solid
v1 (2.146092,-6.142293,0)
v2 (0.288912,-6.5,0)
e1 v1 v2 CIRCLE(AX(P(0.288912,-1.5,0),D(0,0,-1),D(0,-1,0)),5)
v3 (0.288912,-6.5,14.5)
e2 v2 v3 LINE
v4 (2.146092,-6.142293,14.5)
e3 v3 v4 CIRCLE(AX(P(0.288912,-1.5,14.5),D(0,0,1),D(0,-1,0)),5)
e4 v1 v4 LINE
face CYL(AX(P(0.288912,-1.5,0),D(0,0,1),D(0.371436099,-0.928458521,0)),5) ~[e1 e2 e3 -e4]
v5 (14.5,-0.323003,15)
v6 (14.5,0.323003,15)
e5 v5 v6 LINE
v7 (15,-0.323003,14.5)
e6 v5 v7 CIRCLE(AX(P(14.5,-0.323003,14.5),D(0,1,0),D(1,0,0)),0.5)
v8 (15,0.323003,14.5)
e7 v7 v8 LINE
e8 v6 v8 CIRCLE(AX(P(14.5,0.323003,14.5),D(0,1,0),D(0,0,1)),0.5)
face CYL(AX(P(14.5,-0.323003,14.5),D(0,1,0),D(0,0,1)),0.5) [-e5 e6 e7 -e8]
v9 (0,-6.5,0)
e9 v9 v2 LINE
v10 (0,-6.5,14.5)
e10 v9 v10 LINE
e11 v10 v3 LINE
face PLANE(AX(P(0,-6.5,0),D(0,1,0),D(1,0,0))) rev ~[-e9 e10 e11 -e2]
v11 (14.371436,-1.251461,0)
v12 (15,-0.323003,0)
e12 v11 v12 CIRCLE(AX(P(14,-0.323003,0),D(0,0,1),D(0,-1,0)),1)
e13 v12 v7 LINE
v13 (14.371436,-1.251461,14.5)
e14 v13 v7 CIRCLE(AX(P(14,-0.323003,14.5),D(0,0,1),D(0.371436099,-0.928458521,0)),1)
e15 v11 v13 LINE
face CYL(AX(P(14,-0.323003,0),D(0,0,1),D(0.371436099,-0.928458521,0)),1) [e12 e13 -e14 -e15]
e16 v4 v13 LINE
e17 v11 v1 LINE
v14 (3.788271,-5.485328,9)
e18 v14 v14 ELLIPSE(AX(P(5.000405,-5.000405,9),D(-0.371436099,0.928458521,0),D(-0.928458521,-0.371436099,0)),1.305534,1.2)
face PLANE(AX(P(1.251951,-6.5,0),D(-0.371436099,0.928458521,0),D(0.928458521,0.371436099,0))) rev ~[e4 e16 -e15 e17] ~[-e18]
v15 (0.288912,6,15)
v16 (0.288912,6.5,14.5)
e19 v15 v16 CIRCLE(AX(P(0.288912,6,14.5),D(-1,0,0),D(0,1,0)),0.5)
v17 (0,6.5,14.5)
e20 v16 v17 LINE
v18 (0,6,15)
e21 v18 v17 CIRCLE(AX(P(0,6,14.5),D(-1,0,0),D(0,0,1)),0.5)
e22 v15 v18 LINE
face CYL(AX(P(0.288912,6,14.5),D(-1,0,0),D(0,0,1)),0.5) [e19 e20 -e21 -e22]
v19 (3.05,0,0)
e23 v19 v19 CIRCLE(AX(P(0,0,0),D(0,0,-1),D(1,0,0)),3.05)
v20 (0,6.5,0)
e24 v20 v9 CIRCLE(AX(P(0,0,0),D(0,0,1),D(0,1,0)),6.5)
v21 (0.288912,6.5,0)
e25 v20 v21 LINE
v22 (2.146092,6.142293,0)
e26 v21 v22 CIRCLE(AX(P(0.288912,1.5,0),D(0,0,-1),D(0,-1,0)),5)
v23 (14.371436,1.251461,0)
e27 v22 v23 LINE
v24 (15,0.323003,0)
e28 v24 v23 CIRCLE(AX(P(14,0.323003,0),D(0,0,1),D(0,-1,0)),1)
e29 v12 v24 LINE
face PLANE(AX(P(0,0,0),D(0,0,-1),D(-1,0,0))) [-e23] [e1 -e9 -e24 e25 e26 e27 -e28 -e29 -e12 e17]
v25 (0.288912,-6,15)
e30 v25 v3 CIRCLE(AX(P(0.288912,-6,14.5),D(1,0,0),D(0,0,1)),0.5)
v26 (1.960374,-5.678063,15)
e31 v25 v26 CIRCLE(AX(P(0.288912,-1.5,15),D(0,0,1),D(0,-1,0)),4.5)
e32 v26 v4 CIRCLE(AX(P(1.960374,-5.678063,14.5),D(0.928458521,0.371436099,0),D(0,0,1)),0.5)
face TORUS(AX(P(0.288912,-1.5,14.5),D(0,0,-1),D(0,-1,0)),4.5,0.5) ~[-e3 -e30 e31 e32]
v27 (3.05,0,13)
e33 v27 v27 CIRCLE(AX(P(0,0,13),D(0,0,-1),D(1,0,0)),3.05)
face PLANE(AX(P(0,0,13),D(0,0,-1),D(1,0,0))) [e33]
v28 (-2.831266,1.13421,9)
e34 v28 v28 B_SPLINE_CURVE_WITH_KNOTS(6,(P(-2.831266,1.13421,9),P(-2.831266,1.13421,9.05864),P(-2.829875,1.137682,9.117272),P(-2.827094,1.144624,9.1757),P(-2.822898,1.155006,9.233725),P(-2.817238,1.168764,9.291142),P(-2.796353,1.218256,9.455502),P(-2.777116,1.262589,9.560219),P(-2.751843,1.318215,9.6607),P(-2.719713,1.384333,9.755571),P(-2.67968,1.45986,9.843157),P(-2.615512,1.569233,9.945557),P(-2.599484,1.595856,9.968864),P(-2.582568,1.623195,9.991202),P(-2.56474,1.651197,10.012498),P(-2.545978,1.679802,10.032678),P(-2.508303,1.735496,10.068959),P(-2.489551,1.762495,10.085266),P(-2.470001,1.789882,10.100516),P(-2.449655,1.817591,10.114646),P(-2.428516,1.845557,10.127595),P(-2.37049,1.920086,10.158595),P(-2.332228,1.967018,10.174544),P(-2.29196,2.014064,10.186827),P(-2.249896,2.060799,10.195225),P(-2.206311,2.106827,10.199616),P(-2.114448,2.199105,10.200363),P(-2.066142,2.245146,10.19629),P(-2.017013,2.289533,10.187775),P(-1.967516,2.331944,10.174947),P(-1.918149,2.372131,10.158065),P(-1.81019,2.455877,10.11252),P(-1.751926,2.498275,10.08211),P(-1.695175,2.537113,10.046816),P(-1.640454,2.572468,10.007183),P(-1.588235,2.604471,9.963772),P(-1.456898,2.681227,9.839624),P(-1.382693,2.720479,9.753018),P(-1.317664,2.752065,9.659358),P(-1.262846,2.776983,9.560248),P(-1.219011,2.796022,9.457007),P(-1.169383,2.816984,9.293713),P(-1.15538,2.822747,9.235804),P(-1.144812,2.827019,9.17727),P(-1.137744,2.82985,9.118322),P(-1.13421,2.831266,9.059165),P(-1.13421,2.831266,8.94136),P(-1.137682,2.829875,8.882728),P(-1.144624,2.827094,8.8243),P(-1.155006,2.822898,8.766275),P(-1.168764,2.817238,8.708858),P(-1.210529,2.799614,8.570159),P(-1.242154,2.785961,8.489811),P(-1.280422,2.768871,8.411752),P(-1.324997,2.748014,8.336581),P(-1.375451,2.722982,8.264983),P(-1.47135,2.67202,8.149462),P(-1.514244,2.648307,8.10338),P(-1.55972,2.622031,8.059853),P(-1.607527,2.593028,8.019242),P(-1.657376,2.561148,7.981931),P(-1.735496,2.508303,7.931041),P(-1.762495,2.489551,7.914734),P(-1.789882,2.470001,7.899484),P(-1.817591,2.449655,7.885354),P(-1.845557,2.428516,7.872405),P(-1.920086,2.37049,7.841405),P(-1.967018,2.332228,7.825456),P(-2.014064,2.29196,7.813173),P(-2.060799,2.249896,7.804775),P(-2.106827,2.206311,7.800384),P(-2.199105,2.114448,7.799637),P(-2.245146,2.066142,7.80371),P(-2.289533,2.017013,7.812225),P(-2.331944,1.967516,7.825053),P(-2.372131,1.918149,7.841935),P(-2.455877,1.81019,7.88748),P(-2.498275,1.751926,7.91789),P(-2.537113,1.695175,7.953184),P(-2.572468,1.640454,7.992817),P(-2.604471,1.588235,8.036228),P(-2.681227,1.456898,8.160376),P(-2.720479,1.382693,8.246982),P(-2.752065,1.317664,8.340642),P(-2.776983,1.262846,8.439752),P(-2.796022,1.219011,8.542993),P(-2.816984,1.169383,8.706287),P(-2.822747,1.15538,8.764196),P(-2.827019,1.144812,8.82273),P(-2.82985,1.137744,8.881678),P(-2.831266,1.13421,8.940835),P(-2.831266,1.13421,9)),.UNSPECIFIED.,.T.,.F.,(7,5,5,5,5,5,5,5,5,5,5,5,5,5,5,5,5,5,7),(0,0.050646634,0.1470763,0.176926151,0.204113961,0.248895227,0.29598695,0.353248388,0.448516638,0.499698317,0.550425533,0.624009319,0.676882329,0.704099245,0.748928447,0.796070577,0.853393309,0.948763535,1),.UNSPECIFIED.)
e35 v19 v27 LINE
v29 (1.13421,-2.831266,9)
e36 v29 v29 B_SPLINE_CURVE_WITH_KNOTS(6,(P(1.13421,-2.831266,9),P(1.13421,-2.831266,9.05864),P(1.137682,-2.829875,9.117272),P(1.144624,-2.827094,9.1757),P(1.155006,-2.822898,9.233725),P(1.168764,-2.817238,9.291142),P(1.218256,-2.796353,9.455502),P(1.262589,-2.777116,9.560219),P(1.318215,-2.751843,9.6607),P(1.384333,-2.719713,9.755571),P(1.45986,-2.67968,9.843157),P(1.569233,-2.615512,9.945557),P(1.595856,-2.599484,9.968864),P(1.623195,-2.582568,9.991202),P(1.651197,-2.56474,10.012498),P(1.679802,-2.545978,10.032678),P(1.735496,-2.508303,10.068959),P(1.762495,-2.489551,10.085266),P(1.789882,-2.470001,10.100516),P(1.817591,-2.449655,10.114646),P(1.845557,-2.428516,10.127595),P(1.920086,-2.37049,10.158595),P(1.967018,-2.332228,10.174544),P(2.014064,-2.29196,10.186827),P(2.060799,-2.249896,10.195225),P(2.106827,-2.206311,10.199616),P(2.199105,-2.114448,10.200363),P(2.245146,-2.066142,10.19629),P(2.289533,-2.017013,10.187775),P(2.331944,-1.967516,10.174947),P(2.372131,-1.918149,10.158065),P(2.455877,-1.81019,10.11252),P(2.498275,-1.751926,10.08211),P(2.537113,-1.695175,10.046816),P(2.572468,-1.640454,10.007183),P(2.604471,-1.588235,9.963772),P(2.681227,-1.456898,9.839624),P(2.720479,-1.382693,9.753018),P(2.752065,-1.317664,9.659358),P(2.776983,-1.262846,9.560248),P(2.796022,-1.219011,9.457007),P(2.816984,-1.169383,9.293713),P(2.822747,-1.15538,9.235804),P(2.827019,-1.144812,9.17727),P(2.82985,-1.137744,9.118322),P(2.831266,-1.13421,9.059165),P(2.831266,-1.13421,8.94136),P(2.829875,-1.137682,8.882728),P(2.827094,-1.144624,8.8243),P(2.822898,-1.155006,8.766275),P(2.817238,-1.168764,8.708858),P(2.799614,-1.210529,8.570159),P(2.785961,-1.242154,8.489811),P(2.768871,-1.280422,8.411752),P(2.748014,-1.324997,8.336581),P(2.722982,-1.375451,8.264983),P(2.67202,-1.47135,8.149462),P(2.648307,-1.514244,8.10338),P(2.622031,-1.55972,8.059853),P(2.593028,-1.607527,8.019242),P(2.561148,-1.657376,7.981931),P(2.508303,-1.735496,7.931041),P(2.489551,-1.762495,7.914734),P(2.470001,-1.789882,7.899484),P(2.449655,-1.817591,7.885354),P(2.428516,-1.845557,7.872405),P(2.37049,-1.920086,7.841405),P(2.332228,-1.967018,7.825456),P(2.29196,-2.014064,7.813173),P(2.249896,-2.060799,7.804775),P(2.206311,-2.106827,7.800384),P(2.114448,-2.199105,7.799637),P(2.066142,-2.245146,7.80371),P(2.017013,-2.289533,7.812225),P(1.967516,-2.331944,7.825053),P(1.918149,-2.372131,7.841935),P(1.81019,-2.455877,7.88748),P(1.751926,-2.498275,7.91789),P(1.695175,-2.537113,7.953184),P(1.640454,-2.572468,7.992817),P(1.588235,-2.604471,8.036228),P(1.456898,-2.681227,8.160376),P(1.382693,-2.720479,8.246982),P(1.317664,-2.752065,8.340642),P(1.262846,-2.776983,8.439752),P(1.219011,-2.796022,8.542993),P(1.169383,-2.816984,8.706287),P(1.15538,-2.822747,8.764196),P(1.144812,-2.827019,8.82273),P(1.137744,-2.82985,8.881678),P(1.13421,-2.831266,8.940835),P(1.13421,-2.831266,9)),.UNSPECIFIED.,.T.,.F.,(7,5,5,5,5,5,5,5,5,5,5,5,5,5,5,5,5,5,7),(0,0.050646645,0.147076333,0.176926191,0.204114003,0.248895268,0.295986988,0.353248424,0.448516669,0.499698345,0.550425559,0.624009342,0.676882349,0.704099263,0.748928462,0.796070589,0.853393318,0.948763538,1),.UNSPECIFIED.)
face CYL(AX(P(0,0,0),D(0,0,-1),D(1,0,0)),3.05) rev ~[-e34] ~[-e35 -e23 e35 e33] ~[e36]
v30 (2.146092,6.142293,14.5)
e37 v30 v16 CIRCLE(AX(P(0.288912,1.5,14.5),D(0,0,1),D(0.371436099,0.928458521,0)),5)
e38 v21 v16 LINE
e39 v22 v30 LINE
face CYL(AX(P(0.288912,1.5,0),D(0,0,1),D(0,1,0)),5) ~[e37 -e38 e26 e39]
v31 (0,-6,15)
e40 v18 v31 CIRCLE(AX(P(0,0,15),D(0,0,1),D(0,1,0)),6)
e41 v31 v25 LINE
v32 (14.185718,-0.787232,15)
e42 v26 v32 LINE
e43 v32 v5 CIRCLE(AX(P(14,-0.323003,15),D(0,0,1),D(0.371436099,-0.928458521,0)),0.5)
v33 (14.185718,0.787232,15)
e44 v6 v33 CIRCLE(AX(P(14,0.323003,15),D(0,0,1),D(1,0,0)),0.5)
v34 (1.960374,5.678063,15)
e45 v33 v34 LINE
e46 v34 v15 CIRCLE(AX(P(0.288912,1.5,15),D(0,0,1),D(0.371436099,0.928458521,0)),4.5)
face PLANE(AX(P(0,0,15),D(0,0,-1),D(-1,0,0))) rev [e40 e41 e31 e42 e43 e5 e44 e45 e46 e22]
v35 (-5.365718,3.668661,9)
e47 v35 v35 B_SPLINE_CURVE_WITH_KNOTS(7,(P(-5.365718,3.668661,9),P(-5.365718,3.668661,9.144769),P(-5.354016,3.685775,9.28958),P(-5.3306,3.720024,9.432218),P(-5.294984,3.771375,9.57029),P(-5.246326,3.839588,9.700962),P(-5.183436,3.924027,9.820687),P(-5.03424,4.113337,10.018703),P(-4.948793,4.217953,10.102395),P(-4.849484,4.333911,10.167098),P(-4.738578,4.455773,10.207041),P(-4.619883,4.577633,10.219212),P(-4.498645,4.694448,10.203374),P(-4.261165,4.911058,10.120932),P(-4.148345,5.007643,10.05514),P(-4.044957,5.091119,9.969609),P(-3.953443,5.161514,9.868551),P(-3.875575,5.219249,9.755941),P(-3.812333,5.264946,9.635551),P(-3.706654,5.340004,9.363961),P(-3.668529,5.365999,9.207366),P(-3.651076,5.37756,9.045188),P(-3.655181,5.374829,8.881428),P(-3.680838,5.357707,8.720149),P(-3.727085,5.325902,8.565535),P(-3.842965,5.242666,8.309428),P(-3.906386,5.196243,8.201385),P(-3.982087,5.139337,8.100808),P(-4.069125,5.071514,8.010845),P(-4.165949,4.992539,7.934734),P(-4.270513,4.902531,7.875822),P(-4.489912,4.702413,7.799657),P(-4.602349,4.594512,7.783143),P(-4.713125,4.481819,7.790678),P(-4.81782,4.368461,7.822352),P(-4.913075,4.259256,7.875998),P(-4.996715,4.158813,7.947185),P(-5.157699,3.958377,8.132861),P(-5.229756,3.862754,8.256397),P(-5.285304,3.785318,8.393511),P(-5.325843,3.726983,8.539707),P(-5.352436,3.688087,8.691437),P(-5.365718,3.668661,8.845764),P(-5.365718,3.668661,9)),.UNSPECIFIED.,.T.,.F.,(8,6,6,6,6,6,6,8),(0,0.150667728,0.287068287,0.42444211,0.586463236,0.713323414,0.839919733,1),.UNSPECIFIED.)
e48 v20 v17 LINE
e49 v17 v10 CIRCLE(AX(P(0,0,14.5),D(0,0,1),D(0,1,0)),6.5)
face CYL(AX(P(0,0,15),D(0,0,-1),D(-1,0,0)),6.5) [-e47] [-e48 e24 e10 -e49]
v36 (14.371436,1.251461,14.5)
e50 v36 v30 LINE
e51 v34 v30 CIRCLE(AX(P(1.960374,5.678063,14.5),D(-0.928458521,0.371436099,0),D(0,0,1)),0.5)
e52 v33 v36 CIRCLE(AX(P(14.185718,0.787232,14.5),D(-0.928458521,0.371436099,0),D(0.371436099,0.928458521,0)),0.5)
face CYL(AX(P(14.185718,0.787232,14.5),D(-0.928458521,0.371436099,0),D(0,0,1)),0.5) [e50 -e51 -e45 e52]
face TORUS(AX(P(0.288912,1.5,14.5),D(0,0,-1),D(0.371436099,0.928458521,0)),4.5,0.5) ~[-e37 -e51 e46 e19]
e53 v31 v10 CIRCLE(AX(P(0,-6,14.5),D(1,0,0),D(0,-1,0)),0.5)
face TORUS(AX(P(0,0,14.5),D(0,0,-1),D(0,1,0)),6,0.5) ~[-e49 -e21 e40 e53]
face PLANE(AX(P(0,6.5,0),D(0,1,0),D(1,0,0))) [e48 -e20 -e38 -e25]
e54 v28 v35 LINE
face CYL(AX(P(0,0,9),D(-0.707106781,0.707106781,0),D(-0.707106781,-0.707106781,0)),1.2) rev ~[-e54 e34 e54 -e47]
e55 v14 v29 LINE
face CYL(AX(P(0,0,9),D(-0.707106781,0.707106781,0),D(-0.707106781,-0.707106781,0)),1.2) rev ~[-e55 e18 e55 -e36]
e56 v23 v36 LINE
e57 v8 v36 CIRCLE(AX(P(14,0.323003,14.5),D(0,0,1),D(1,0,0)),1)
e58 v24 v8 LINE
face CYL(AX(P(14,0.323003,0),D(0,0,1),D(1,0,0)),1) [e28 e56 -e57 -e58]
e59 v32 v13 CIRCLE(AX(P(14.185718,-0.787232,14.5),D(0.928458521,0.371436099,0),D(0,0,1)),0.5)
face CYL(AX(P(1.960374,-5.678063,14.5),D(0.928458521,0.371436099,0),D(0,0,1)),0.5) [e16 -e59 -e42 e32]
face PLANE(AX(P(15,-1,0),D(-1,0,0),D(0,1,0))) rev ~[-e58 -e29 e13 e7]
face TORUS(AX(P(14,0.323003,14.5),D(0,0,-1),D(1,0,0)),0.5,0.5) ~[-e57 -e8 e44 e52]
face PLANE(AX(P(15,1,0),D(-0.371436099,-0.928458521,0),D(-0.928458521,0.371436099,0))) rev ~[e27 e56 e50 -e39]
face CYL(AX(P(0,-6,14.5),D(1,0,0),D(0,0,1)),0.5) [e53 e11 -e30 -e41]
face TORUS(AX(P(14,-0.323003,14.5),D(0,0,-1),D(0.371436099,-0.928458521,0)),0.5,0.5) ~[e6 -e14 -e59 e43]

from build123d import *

# Parameters (mm, degrees)
F2_W      = 1.2519505165
F2_H      = 13
F3_DEPTH  = 15
F4_R      = 5
F5_R      = 1
F6_R      = 3.05
F7_DEPTH  = 13
F8_R      = 0.5
F10_R     = 1.2
F11_DEPTH = 12.5


with BuildPart() as f1:
    # F0 (on Front) → F1 (revolve)
    with BuildSketch(Plane.XZ):
        Polygon((-5, 0), (0, 0), (0, 15), (-6.5, 15), (-6.5, 0), align=None)
    revolve(axis=Axis((0, 0, -3.6677676575), (0, 0, -1)))

    # F2 (on Top) → F3 (join)
    with BuildSketch(Plane.XY):
        with BuildLine():
            Line((0, -6.5), (0, 6.5))
            ThreePointArc((0, 6.5), (-6.5, 0), (0, -6.5))
        make_face()
        with Locations((0.6259752583, 0)):
            Rectangle(F2_W, F2_H)
        Polygon((15, 1), (1.2519505165, 6.5), (1.2519505165, -6.5), (15, -1), align=None)
    extrude(amount=F3_DEPTH)

    # F4
    f4_edges = [f1.edges().sort_by_distance(p)[0] for p in [
        (1.251951, 6.5, 7.5),
        (1.251951, -6.5, 7.5),
    ]]
    fillet(f4_edges, radius=F4_R)

    # F5
    f5_edges = [f1.edges().sort_by_distance(p)[0] for p in [
        (15, 1, 7.5),
        (15, -1, 7.5),
    ]]
    fillet(f5_edges, radius=F5_R)

    # F6 (on face) → F7 (cut)
    with BuildSketch(Plane(origin=(0, 0, 0), x_dir=(1, 0, 0), z_dir=(0, 0, -1))):
        Circle(F6_R)
    extrude(amount=-F7_DEPTH, mode=Mode.SUBTRACT)

    # F8
    f8_edges = [f1.edges().sort_by_distance(p)[0] for p in [
        (8.258764, -3.696877, 15),
        (14.828081, -0.883611, 15),
        (1.234569, -6.409759, 15),
        (15, 0, 15),
        (0.144456, -6.5, 15),
        (14.828081, 0.883611, 15),
        (-6.5, 0, 15),
        (8.258764, 3.696877, 15),
        (0.144456, 6.5, 15),
        (1.234569, 6.409759, 15),
    ]]
    fillet(f8_edges, radius=F8_R)

    # F10 (on line) → F11 (cut, symmetric)
    with BuildSketch(Plane(origin=(0, 0, 0), x_dir=(-0.7071067812, -0.7071067812, 0), z_dir=(-0.7071067812, 0.7071067812, 0))):
        with Locations((0, 9)):
            Circle(F10_R)
    extrude(amount=F11_DEPTH, both=True, mode=Mode.SUBTRACT)


solid = f1.part
